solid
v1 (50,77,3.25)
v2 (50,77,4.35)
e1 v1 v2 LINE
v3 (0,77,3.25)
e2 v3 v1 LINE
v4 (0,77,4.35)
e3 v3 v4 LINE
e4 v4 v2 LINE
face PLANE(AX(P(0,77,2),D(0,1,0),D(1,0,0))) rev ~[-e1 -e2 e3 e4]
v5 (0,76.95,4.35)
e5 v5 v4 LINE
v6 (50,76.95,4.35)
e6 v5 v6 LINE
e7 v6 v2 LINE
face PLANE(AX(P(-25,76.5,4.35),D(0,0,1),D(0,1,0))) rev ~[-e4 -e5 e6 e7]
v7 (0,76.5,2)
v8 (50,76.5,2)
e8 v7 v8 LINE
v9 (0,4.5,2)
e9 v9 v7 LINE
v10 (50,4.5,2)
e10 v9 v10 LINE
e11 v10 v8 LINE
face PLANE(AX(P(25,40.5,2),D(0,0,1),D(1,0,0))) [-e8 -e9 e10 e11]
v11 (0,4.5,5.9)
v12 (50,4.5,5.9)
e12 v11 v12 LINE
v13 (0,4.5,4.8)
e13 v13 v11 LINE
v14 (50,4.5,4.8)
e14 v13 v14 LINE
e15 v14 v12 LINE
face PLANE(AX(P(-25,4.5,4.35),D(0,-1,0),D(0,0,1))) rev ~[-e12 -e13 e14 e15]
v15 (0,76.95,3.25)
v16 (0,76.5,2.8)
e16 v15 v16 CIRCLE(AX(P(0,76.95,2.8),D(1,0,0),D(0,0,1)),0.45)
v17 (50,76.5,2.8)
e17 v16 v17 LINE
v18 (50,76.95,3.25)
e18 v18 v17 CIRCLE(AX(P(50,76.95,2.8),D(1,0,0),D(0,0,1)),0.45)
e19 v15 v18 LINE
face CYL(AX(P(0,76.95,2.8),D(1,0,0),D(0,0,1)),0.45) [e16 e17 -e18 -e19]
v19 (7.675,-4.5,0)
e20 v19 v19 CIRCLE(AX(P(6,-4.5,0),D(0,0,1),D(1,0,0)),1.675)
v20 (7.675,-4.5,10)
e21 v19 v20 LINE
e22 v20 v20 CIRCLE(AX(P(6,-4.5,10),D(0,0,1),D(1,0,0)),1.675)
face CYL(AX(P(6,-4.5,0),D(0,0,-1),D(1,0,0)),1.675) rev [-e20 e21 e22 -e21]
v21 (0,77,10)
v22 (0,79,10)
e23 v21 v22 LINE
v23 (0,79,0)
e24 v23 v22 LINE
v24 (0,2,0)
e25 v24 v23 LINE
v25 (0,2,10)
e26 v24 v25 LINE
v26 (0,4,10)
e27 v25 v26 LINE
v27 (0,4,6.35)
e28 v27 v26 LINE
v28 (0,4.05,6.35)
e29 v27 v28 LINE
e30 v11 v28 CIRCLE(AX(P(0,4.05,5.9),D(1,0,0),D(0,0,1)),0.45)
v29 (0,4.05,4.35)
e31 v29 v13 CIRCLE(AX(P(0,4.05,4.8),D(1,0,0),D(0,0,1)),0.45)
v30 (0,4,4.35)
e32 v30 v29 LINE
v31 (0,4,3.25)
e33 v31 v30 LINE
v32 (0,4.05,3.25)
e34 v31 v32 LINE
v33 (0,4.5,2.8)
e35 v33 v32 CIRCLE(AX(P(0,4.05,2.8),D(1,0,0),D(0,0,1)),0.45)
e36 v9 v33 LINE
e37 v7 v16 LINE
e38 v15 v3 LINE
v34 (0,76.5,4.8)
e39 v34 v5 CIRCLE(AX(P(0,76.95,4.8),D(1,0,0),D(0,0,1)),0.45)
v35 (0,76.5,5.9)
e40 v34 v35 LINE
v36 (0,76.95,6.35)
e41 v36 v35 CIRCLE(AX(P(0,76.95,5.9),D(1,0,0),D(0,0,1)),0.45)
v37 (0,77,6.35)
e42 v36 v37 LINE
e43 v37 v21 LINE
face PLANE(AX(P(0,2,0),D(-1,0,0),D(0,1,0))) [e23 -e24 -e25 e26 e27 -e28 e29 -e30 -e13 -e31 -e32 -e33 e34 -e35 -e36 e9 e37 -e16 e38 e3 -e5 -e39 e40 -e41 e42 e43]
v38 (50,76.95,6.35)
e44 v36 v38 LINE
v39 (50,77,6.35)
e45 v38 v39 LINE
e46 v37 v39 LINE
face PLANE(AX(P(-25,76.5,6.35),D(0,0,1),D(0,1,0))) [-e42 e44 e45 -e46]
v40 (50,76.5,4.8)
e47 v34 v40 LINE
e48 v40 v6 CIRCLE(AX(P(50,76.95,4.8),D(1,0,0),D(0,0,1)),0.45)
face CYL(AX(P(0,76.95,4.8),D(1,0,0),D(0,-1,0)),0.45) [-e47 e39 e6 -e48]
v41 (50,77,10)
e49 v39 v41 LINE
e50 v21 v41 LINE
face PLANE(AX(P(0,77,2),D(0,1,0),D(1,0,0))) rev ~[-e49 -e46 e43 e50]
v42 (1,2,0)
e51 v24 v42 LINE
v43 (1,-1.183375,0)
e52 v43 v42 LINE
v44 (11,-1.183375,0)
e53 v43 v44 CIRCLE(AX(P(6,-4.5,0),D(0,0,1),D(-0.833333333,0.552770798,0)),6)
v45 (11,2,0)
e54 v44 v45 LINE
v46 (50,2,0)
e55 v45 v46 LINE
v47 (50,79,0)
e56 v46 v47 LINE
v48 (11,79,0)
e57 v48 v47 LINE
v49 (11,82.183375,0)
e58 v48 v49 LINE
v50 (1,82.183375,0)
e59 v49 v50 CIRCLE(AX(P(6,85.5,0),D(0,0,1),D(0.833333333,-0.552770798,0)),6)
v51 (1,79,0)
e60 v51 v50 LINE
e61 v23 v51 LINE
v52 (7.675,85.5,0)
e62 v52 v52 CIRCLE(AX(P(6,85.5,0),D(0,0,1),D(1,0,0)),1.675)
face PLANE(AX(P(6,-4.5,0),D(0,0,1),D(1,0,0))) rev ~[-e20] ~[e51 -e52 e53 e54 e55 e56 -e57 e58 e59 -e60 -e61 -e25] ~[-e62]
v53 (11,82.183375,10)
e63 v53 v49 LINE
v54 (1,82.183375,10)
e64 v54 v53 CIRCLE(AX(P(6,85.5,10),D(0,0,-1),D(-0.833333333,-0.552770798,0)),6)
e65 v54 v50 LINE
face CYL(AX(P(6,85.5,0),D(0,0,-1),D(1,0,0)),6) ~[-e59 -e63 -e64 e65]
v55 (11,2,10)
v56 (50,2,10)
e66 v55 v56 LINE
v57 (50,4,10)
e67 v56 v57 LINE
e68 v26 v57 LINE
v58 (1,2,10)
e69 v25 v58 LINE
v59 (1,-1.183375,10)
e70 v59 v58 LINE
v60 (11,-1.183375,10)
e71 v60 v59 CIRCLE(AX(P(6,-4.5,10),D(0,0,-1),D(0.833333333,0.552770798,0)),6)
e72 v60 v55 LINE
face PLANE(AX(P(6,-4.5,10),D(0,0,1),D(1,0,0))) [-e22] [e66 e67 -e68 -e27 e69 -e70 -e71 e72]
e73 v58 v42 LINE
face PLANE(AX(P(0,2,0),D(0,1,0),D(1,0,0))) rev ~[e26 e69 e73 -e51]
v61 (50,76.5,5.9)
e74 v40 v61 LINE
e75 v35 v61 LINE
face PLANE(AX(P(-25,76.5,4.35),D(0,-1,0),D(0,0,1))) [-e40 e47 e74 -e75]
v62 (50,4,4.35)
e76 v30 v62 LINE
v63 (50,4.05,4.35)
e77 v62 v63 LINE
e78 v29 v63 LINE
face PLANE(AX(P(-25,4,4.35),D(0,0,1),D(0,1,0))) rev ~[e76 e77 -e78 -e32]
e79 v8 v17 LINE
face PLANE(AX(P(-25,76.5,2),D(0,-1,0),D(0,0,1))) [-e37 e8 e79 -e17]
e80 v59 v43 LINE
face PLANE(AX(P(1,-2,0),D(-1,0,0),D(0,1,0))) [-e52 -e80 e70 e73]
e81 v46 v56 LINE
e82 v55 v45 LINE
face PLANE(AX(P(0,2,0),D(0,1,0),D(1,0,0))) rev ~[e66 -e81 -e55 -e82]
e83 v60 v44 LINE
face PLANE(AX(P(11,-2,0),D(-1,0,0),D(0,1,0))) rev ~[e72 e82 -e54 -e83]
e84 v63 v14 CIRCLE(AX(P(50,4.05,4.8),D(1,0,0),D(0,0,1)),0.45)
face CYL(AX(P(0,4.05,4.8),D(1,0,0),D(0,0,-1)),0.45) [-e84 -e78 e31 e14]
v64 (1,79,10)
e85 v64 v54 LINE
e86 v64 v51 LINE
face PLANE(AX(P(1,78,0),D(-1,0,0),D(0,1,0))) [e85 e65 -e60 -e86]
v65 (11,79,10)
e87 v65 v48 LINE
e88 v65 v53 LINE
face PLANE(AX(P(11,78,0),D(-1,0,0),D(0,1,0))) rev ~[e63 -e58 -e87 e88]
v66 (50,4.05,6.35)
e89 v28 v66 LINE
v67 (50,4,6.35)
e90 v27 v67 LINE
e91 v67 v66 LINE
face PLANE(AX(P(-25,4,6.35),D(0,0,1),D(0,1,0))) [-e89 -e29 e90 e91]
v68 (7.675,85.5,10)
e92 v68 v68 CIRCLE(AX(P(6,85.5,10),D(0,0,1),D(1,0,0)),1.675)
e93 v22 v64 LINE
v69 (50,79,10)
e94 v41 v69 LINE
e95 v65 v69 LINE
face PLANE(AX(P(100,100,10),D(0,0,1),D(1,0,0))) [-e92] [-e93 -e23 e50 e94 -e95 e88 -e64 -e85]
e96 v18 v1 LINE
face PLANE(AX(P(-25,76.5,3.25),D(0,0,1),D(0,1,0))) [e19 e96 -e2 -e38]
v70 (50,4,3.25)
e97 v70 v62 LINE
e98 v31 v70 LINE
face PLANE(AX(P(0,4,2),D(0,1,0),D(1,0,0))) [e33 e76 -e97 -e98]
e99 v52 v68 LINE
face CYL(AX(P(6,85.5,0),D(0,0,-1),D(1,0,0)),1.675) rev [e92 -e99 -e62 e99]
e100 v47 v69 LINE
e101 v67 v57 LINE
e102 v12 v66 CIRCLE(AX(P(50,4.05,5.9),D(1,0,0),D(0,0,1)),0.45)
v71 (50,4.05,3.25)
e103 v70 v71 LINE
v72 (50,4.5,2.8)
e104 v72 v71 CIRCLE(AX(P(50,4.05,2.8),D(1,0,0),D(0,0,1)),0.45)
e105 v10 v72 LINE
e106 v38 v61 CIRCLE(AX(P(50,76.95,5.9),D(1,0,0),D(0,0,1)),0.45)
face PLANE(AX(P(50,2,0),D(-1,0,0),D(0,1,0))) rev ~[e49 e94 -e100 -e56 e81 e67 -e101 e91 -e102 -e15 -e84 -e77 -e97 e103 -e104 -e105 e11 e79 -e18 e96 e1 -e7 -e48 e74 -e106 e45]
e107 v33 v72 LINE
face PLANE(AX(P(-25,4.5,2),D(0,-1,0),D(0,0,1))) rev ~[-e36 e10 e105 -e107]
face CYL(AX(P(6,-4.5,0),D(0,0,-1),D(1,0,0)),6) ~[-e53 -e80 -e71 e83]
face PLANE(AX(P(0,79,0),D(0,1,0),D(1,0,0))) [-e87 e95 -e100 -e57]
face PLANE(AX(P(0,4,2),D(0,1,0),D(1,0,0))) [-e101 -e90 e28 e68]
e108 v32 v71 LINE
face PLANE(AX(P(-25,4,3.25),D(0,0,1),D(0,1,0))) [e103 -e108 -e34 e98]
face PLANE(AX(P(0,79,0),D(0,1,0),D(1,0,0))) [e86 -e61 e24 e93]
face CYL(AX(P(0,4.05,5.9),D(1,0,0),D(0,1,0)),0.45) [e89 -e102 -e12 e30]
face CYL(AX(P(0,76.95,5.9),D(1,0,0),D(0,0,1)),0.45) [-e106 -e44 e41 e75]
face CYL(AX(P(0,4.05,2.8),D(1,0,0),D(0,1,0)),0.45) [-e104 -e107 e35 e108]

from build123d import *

# Parameters (mm, degrees)
BOX_W         = 200
BOX_H         = 200
BOX_DEPTH     = 20
TUBE_R        = 6
TUBE_R_2      = 1.675
TUBE_DEPTH    = 10
SKETCH003_W   = 73
SKETCH003_H   = 18.85
PAD002_DEPTH  = 10
SKETCH002_W   = 0.5
SKETCH002_H   = 1.25
SKETCH002_H_2 = 2
PAD003_DEPTH  = 100
SKETCH001_W   = 50
SKETCH001_H   = 73
PAD001_DEPTH  = 18.85
SKETCH_W      = 50
SKETCH_H      = 77
PAD_DEPTH     = 22.85
FILLET_R      = 0.45
FILLET001_R   = 1
BOX002_W      = 10
BOX002_H      = 5
BOX002_DEPTH  = 10
TUBE001_R     = 6
TUBE001_R_2   = 1.675
TUBE001_DEPTH = 10
BOX001_W      = 10
BOX001_H      = 5
BOX001_DEPTH  = 10


with BuildPart() as cube:
    # Box → Box (new body)
    with BuildSketch(Plane.XY.offset(10)):
        with Locations((100, 100)):
            Rectangle(BOX_W, BOX_H)
    extrude(amount=BOX_DEPTH)


with BuildPart() as tube:
    # Tube → Tube (new body)
    with BuildSketch(Plane(origin=(6, -4.5, 0), x_dir=(1, 0, 0), z_dir=(0, 0, 1))):
        Circle(TUBE_R)
        Circle(TUBE_R_2, mode=Mode.SUBTRACT)
    extrude(amount=TUBE_DEPTH)


with BuildPart() as inner_volume_track_removal:
    # Sketch003 → Pad002 (new body)
    with BuildSketch(Plane.YZ):
        with Locations((36.5, 9.425)):
            Rectangle(SKETCH003_W, SKETCH003_H)
    extrude(amount=PAD002_DEPTH)

    # Sketch002 → Pad003 (join)
    with BuildSketch(Plane.YZ):
        with Locations((0.25, 0.625)):
            Rectangle(SKETCH002_W, SKETCH002_H)
        with Locations((72.75, 0.625)):
            Rectangle(SKETCH002_W, SKETCH002_H)
        with Locations((0.25, 3.35)):
            Rectangle(SKETCH002_W, SKETCH002_H_2)
        with Locations((72.75, 3.35)):
            Rectangle(SKETCH002_W, SKETCH002_H_2)
    extrude(amount=PAD003_DEPTH)


with BuildPart() as inner_volume_track_removal_1:
    # Body002 placement: moved
    add(inner_volume_track_removal.part.moved(Location((-25, 0, 0))))


with BuildPart() as cut:
    # Sketch001 → Pad001 (new body)
    with BuildSketch(Plane.XY):
        with Locations((25, 36.5)):
            Rectangle(SKETCH001_W, SKETCH001_H)
    extrude(amount=PAD001_DEPTH)

    # Cut: cut Inner Volume Track Removal
    add(inner_volume_track_removal_1.part, mode=Mode.SUBTRACT)


with BuildPart() as cut_1:
    # Cut placement: moved
    add(cut.part.moved(Location((0, 2, 2))))


with BuildPart() as open_top_case:
    # Sketch → Pad (new body)
    with BuildSketch(Plane.XY):
        with Locations((25, 38.5)):
            Rectangle(SKETCH_W, SKETCH_H)
    extrude(amount=PAD_DEPTH)

    # Cut001: cut Cut
    add(cut_1.part, mode=Mode.SUBTRACT)

    # Fillet
    fillet_edges = [open_top_case.edges().sort_by_distance(p)[0] for p in [
        (25, 2.5, 3.25),
        (25, 74.5, 3.25),
        (25, 74.5, 4.35),
        (25, 74.5, 6.35),
        (25, 2.5, 6.35),
        (25, 2.5, 4.35),
    ]]
    fillet(fillet_edges, radius=FILLET_R)


with BuildPart() as open_top_case_1:
    # Fillet placement: moved
    add(open_top_case.part.moved(Location((0, 2, 0))))

    # Fillet001
    fillet001_edges = [open_top_case_1.edges().sort_by_distance(p)[0] for p in [
        (25, 79, 22.85),
        (25, 2, 22.85),
    ]]
    fillet(fillet001_edges, radius=FILLET001_R)

    # Fusion: union Tube
    add(tube.part)

    # Cut002: cut Cube
    add(cube.part, mode=Mode.SUBTRACT)


with BuildPart() as fusion002:
    # Box002 → Box002 (new body)
    with BuildSketch(Plane(origin=(1, -2, 0), x_dir=(1, 0, 0), z_dir=(0, 0, 1))):
        with Locations((5, 2.5)):
            Rectangle(BOX002_W, BOX002_H)
    extrude(amount=BOX002_DEPTH)

    # Fusion002: union Open-top Case
    add(open_top_case_1.part)


with BuildPart() as tube001:
    # Tube001 → Tube001 (new body)
    with BuildSketch(Plane(origin=(6, 85.5, 0), x_dir=(1, 0, 0), z_dir=(0, 0, 1))):
        Circle(TUBE001_R)
        Circle(TUBE001_R_2, mode=Mode.SUBTRACT)
    extrude(amount=TUBE001_DEPTH)


with BuildPart() as dual_support_case:
    # Box001 → Box001 (new body)
    with BuildSketch(Plane(origin=(1, 78, 0), x_dir=(1, 0, 0), z_dir=(0, 0, 1))):
        with Locations((5, 2.5)):
            Rectangle(BOX001_W, BOX001_H)
    extrude(amount=BOX001_DEPTH)

    # Fusion001: union Tube001
    add(tube001.part)

    # Fusion003: union Fusion002
    add(fusion002.part)


solid = dual_support_case.part
